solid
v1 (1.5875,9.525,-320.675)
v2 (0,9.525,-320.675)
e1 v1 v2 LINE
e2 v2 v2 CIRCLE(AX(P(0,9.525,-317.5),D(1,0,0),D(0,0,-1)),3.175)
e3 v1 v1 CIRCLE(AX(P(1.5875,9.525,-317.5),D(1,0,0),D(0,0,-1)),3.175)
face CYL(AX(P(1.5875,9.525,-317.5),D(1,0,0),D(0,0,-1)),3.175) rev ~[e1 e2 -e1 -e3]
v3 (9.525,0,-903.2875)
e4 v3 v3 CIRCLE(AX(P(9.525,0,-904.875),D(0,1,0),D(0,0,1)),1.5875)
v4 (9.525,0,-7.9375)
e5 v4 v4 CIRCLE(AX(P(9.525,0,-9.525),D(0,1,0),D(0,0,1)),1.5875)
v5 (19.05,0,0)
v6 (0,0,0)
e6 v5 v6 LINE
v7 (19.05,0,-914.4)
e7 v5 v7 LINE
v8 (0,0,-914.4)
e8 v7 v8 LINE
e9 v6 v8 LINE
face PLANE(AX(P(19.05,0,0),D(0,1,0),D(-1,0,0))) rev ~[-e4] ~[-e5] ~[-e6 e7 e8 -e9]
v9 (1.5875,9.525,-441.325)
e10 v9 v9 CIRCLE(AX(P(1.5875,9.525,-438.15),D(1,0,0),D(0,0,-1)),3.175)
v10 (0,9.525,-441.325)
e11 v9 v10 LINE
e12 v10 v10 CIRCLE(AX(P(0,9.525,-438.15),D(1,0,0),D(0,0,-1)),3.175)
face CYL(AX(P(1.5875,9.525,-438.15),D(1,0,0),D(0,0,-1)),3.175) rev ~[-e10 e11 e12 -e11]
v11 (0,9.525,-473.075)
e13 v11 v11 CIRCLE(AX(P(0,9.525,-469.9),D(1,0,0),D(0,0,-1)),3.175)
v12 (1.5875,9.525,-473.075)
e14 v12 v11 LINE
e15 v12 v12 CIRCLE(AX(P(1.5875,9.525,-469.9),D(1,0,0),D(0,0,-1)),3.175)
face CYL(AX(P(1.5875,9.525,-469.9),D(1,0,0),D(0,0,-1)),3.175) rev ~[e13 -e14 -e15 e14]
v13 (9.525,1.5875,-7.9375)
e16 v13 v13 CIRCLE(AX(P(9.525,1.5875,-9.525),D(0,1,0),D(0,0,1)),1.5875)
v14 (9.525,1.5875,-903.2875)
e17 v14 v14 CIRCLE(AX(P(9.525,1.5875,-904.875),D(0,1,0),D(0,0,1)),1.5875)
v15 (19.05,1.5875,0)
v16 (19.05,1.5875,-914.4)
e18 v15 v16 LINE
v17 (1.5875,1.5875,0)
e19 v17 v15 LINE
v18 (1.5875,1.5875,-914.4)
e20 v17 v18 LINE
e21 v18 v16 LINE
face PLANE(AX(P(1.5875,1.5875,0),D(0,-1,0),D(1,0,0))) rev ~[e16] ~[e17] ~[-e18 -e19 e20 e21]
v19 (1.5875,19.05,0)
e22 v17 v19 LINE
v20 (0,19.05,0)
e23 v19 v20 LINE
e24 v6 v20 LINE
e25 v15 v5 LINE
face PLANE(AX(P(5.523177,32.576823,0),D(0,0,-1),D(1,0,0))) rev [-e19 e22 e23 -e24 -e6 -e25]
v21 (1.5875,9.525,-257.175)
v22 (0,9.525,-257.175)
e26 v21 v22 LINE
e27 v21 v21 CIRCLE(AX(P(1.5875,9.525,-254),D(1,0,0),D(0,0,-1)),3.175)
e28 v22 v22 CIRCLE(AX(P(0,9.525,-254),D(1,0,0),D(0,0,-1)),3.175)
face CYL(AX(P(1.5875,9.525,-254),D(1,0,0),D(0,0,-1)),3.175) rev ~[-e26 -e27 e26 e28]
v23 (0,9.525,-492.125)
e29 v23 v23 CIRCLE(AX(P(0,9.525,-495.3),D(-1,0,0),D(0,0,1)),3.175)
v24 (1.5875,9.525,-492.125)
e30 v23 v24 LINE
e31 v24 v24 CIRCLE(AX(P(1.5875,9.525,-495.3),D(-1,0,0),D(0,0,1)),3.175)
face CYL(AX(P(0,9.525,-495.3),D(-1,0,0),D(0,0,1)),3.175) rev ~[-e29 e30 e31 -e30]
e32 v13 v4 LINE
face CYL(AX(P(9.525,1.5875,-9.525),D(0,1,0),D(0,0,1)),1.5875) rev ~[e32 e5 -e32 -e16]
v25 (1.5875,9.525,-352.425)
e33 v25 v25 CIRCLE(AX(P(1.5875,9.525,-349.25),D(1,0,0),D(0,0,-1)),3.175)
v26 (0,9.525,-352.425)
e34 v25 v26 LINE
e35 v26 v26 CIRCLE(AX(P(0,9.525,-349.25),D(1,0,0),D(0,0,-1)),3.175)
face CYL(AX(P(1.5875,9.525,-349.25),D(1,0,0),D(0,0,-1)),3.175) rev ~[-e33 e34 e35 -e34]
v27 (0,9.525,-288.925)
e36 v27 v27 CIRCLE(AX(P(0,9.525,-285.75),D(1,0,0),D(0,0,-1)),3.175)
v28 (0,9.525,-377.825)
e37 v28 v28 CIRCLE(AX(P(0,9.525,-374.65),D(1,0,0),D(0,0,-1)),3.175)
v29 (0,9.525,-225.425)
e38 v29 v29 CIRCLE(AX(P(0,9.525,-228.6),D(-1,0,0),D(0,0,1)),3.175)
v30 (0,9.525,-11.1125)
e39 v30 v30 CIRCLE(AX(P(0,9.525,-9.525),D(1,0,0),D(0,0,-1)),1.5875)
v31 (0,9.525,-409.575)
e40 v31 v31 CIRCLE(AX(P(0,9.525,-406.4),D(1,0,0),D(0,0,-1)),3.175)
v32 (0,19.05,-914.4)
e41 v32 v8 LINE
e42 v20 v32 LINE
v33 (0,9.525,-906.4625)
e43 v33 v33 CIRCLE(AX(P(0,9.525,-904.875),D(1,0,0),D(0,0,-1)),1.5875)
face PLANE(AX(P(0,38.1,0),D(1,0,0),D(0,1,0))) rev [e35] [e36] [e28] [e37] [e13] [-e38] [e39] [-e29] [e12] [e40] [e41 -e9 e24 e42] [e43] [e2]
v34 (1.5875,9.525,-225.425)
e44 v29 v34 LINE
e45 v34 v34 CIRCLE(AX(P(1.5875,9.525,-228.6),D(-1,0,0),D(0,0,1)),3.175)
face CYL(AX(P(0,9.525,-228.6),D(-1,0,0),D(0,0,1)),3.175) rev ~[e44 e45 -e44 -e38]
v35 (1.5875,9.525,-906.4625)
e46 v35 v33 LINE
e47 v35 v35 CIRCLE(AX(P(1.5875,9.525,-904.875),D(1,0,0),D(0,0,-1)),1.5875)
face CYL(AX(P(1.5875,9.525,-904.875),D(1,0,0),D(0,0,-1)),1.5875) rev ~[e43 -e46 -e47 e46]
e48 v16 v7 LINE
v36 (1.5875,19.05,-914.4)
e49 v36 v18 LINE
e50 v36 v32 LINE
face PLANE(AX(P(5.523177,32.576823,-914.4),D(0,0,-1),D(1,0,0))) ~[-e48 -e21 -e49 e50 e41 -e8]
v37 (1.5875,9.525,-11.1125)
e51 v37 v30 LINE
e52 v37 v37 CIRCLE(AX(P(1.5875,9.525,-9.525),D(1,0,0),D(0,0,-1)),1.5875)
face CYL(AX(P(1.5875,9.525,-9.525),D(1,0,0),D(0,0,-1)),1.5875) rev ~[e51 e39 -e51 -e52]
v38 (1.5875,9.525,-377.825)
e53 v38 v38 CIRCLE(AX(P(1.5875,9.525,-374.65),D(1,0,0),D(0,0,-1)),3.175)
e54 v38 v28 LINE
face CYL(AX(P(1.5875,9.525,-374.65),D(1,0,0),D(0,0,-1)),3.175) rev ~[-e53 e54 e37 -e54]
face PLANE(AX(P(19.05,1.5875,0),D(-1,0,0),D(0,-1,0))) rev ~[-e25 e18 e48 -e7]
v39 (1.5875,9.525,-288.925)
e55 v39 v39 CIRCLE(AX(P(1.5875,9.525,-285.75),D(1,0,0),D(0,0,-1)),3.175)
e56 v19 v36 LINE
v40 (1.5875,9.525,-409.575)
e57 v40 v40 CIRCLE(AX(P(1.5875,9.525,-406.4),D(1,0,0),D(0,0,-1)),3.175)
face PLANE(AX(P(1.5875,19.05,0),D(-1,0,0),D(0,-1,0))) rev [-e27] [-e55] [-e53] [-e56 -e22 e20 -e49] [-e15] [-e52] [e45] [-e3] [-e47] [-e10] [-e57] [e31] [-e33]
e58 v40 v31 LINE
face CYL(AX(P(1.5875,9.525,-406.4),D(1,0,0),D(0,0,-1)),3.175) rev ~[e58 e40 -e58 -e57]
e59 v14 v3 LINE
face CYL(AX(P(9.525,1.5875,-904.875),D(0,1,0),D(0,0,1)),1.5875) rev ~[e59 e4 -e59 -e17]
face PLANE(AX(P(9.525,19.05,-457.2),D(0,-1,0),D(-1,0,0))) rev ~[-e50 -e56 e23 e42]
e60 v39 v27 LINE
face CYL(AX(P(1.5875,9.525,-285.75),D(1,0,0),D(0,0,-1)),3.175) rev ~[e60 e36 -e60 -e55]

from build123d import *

# Parameters (mm, degrees)
BOSS_EXTRUDE1_DEPTH = 914.4
SKETCH2_R           = 1.5875
CUT_EXTRUDE2_DEPTH  = 2.794
SKETCH4_R           = 1.5875
SKETCH4_R_2         = 3.175
CUT_EXTRUDE3_DEPTH  = 8.89
SKETCH10_W          = 19.05
SKETCH10_H          = 914.4
CUT_EXTRUDE4_DEPTH  = 915.79678891
CUT_EXTRUDE5_REACH  = 916.797
SKETCH11_R          = 3.175


with BuildPart() as part:
    # Sketch1 → Boss-Extrude1 (new body)
    with BuildSketch(Plane.XY):
        Polygon((0, 0), (0, 19.05), (1.5875, 19.05), (1.5875, 1.5875), (19.05, 1.5875), (19.05, 0), align=None)
    boss_extrude1 = extrude(amount=-BOSS_EXTRUDE1_DEPTH)

    # Sketch2 → Cut-Extrude2 (cut)
    with BuildSketch(Plane(origin=(0, 1.5875, 0), x_dir=(1, 0, 0), z_dir=(0, 1, 0))):
        with Locations((9.525, 9.525)):
            Circle(SKETCH2_R)
        with Locations((9.525, 904.875)):
            Circle(SKETCH2_R)
    cut_extrude2 = extrude(amount=-CUT_EXTRUDE2_DEPTH, mode=Mode.SUBTRACT)

    # Sketch4 → Cut-Extrude3 (cut)
    with BuildSketch(Plane(origin=(1.5875, 0, 0), x_dir=(0, 0, -1), z_dir=(1, 0, 0))):
        with Locations((9.525, 9.525)):
            Circle(SKETCH4_R)
        with Locations((904.875, 9.525)):
            Circle(SKETCH4_R)
        with Locations((254, 9.525)):
            Circle(SKETCH4_R_2)
        with Locations((285.75, 9.525)):
            Circle(SKETCH4_R_2)
        with Locations((317.5, 9.525)):
            Circle(SKETCH4_R_2)
        with Locations((349.25, 9.525)):
            Circle(SKETCH4_R_2)
        with Locations((469.9, 9.525)):
            Circle(SKETCH4_R_2)
        with Locations((406.4, 9.525)):
            Circle(SKETCH4_R_2)
        with Locations((438.15, 9.525)):
            Circle(SKETCH4_R_2)
        with Locations((374.65, 9.525)):
            Circle(SKETCH4_R_2)
    cut_extrude3 = extrude(amount=-CUT_EXTRUDE3_DEPTH, mode=Mode.SUBTRACT)

    # Mirror1: Boss-Extrude1, Cut-Extrude2, Cut-Extrude3 across plane
    add(boss_extrude1.mirror(Plane(origin=(0, 19.05, -914.4), x_dir=(0, 0, 1), z_dir=(0, 1, 0))))
    add(cut_extrude2.mirror(Plane(origin=(0, 19.05, -914.4), x_dir=(0, 0, 1), z_dir=(0, 1, 0))), mode=Mode.SUBTRACT)
    add(cut_extrude3.mirror(Plane(origin=(0, 19.05, -914.4), x_dir=(0, 0, 1), z_dir=(0, 1, 0))), mode=Mode.SUBTRACT)

    # Sketch10 → Cut-Extrude4 (cut, through all)
    with BuildSketch(Plane(origin=(0, 19.05, 0), x_dir=(-1, 0, 0), z_dir=(0, -1, 0))):
        with Locations((-9.525, 457.2)):
            Rectangle(SKETCH10_W, SKETCH10_H)
    extrude(amount=-CUT_EXTRUDE4_DEPTH, mode=Mode.SUBTRACT)

    # Sketch11 → Cut-Extrude5 (cut, up to next)
    with BuildSketch(Plane.ZY, mode=Mode.PRIVATE) as cut_extrude5_sk1:
        with Locations((-228.6, 9.525)):
            Circle(SKETCH11_R)
    cut_extrude5_tool1 = extrude(cut_extrude5_sk1.sketch, amount=-CUT_EXTRUDE5_REACH, mode=Mode.PRIVATE) & part.part
    # Sketch11 → Cut-Extrude5 (cut, up to next)
    with BuildSketch(Plane.ZY, mode=Mode.PRIVATE) as cut_extrude5_sk2:
        with Locations((-495.3, 9.525)):
            Circle(SKETCH11_R)
    cut_extrude5_tool2 = extrude(cut_extrude5_sk2.sketch, amount=-CUT_EXTRUDE5_REACH, mode=Mode.PRIVATE) & part.part
    add(cut_extrude5_tool1.solids().sort_by_distance((0, 9.525, -228.6))[0], mode=Mode.SUBTRACT)
    add(cut_extrude5_tool2.solids().sort_by_distance((0, 9.525, -495.3))[0], mode=Mode.SUBTRACT)


solid = part.part
